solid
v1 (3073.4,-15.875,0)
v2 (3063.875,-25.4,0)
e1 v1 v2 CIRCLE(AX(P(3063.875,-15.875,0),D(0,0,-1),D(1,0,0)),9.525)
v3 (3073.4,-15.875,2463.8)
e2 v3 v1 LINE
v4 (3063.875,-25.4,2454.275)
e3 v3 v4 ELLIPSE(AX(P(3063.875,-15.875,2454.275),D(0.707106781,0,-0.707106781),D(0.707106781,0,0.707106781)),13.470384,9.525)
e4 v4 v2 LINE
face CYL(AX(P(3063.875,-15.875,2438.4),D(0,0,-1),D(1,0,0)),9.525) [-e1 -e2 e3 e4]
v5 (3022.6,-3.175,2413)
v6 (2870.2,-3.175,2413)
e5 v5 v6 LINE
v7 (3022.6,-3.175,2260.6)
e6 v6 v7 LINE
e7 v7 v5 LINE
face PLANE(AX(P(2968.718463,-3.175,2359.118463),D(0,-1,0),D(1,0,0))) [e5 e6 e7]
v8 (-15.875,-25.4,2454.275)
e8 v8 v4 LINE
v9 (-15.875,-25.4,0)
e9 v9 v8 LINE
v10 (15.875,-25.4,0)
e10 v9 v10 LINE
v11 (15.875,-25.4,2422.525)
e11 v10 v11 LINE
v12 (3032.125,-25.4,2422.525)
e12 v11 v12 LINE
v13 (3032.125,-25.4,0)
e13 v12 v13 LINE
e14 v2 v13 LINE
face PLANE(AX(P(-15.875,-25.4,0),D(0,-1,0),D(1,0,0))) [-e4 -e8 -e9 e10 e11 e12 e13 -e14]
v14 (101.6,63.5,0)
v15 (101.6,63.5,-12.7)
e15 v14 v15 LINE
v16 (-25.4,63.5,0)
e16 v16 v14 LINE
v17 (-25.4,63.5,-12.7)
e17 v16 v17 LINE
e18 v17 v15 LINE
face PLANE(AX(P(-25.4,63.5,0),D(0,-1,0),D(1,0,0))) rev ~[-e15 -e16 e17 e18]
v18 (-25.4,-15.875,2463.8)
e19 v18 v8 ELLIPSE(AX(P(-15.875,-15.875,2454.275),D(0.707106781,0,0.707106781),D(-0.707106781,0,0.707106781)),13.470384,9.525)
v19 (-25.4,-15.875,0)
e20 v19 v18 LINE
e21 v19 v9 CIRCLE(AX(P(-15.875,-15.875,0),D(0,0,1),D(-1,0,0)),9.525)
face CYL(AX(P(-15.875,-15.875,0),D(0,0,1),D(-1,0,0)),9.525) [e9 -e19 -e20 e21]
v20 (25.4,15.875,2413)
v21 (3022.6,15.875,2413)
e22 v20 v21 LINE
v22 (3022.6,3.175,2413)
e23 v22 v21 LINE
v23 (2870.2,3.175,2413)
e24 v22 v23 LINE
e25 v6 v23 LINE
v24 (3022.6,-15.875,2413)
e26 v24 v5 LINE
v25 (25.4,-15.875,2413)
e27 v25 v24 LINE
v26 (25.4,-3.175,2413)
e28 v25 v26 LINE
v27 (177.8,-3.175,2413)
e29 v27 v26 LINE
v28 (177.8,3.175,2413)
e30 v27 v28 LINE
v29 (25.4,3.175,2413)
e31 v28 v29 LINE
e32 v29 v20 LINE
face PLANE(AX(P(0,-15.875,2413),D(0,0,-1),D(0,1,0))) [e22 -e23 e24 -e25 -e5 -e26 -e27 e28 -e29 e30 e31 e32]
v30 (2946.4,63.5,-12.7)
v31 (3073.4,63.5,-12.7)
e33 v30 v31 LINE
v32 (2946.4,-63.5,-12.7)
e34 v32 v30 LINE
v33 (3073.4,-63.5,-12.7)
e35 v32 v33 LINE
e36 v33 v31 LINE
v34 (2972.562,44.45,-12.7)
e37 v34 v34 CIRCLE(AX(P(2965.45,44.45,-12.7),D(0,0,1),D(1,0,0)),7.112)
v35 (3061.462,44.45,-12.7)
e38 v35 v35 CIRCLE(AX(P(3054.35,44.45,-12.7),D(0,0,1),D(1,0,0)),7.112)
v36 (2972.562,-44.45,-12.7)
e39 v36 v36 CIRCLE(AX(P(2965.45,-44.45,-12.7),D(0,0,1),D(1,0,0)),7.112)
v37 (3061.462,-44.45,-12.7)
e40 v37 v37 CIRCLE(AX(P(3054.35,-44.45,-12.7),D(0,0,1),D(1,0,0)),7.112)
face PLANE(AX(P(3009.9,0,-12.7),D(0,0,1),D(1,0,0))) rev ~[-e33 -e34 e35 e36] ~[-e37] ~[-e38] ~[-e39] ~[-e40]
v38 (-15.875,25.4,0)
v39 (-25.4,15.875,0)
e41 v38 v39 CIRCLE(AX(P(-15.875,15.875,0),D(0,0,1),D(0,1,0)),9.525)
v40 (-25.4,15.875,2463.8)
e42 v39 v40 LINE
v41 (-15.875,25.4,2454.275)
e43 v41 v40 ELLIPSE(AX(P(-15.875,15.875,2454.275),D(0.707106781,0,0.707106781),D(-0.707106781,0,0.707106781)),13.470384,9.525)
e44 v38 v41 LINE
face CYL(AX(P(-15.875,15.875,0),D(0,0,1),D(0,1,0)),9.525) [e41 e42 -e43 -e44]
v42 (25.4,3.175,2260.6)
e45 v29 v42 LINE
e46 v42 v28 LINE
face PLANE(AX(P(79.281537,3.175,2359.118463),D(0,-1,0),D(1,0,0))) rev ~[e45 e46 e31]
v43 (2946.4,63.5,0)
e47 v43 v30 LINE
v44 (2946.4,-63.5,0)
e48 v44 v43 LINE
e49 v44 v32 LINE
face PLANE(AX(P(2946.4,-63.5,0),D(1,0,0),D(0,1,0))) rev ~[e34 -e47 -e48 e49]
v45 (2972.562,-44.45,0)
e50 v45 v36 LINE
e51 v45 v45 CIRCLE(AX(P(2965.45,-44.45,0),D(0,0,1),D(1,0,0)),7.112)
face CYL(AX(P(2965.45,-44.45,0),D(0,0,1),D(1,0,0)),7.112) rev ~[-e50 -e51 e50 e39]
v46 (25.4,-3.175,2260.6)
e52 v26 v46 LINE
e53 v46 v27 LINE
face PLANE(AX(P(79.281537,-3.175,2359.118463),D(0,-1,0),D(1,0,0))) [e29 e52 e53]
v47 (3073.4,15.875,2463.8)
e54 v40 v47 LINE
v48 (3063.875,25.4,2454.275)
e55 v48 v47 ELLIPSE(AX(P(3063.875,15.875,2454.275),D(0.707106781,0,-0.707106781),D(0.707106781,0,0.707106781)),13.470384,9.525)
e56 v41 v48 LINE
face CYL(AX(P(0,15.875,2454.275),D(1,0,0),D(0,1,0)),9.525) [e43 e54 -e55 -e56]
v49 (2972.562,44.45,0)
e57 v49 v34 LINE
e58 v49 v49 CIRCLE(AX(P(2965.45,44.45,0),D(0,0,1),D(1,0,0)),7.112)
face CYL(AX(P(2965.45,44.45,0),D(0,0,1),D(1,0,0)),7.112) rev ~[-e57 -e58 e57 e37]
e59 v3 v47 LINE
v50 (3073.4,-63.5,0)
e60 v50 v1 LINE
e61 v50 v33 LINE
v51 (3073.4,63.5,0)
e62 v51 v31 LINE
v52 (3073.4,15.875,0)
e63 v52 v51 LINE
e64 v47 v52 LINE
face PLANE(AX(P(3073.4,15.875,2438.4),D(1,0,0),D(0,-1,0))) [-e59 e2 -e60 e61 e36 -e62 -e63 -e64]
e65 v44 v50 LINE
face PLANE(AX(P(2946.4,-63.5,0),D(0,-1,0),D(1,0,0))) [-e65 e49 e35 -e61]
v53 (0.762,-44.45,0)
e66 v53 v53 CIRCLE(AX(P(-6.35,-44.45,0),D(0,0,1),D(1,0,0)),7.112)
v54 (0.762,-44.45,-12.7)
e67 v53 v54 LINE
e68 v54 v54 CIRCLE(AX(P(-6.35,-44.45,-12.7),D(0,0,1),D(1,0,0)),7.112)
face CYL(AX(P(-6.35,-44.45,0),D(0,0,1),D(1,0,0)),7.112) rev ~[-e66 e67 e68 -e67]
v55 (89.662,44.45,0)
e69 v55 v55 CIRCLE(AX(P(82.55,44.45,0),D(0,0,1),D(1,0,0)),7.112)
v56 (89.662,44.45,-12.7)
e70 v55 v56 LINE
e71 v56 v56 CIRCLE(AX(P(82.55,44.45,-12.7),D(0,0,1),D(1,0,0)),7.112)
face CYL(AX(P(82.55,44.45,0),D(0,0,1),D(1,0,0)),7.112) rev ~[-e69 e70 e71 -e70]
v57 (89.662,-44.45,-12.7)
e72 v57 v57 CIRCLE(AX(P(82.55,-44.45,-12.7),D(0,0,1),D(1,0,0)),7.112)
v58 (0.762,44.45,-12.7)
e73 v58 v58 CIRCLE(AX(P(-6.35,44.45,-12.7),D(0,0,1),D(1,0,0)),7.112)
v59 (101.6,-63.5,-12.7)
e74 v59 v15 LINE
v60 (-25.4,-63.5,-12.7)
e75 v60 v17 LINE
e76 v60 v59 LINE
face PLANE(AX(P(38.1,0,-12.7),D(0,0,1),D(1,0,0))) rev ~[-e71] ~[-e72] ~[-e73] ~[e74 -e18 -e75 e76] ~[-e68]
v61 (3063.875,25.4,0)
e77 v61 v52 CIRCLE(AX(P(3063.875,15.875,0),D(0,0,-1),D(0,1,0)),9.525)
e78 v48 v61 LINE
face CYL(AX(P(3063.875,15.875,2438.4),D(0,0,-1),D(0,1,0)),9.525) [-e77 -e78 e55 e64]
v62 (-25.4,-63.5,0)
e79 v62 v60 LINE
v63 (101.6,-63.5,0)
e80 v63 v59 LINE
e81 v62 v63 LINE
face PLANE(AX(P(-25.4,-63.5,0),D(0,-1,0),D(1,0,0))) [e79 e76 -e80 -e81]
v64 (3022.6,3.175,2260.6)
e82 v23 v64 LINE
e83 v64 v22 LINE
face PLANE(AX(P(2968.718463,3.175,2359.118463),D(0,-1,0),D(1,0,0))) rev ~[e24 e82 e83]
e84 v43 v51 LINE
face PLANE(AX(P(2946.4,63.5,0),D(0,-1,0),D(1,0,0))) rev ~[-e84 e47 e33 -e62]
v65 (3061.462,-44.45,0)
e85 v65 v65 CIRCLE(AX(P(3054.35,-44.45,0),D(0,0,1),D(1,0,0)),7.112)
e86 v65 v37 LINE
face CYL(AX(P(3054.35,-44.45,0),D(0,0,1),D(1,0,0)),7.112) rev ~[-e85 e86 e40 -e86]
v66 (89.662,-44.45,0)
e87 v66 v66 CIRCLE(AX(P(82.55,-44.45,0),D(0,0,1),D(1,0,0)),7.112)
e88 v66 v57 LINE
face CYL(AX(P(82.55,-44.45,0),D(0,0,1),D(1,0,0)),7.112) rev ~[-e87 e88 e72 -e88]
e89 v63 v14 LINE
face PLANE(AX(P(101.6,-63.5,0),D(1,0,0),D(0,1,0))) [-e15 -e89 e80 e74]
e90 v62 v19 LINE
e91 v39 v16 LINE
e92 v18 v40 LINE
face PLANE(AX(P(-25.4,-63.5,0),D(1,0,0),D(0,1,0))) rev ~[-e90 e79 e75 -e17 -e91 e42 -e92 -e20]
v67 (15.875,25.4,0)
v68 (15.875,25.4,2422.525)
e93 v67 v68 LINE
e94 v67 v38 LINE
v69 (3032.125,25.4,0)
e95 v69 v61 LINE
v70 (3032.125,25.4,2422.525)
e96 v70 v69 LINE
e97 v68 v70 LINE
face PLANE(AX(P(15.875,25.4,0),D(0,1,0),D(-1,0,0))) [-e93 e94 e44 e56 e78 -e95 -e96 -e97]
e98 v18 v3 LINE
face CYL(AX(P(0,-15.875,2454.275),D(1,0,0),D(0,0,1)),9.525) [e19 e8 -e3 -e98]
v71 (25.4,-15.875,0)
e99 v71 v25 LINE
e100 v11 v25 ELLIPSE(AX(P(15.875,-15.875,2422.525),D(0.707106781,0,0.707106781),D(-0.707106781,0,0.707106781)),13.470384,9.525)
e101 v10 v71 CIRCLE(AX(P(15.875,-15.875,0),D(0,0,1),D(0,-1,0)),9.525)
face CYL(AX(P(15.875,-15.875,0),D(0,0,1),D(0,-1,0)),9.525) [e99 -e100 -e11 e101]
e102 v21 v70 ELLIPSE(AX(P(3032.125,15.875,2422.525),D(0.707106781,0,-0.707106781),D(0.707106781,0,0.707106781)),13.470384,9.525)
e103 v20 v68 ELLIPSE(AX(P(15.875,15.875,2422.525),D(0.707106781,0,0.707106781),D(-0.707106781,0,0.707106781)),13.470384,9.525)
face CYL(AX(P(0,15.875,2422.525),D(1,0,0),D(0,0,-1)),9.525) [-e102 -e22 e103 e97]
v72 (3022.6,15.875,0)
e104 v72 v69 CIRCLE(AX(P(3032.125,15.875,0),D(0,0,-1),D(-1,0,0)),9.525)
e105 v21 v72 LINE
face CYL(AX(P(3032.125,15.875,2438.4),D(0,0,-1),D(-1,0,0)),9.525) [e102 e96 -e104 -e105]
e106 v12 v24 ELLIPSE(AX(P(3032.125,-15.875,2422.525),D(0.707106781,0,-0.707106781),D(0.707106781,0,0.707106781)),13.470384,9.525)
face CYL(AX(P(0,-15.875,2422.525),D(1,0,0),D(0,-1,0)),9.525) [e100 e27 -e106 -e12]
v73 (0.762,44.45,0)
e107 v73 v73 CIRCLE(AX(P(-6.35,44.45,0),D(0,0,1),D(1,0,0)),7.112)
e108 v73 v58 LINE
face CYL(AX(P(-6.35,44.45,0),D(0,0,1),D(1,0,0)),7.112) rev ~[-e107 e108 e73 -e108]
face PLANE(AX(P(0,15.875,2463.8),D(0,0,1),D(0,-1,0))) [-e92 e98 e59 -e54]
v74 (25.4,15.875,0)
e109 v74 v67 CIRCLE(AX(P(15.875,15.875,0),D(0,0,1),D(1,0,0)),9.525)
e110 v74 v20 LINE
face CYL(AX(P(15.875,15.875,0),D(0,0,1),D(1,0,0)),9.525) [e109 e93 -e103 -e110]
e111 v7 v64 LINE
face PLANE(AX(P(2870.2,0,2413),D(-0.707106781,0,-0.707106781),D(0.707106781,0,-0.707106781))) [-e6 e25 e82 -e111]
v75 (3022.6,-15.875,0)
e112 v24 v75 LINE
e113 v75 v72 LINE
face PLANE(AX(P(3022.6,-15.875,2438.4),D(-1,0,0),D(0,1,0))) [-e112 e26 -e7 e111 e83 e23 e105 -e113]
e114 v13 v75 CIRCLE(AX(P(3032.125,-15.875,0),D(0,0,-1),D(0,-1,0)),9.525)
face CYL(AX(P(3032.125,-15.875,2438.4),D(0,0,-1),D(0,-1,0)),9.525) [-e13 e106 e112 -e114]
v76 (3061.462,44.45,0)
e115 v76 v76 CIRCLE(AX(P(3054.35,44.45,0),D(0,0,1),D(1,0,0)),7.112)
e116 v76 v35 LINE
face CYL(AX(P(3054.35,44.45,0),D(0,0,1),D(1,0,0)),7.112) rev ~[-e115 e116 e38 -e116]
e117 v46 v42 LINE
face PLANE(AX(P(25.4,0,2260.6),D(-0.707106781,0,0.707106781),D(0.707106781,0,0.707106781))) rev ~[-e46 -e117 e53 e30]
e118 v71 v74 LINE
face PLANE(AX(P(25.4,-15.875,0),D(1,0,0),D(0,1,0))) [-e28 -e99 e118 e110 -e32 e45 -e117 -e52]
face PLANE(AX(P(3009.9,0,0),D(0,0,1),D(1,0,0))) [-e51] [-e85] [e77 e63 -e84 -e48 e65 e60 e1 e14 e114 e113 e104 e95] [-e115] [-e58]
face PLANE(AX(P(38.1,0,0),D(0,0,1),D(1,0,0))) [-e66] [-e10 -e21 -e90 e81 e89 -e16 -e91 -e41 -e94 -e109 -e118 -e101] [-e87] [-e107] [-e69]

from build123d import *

# Parameters (mm, degrees)
F3_W     = 127
F3_H     = 127
F3_R     = 7.112
F4_DEPTH = 12.7
F6_DEPTH = 3.175


with BuildPart() as f2:
    # F2: sweep along a path in F0
    with BuildLine(Plane.XZ) as f2_path:
        Line((0, 0), (0, 2438.4))
        Line((0, 2438.4), (3048, 2438.4))
        Line((3048, 2438.4), (3048, 0))
    # F1 (on Top) → F2 (sweep)
    with BuildSketch(Plane.XY):
        with BuildLine():
            Line((15.875, 25.4), (-15.875, 25.4))
            ThreePointArc((-15.875, 25.4), (-22.6101920908, 22.6101920908), (-25.4, 15.875))
            Line((-25.4, 15.875), (-25.4, -15.875))
            ThreePointArc((-25.4, -15.875), (-22.6101920908, -22.6101920908), (-15.875, -25.4))
            Line((-15.875, -25.4), (15.875, -25.4))
            ThreePointArc((15.875, -25.4), (22.6101920908, -22.6101920908), (25.4, -15.875))
            Line((25.4, -15.875), (25.4, 15.875))
            ThreePointArc((25.4, 15.875), (22.6101920908, 22.6101920908), (15.875, 25.4))
        make_face()
    sweep(path=f2_path.line, transition=Transition.RIGHT)

    # F3 (on Top) → F4 (join)
    with BuildSketch(Plane.XY):
        with Locations((38.1, 0)):
            Rectangle(F3_W, F3_H)
        with Locations((-6.35, -44.45)):
            Circle(F3_R, mode=Mode.SUBTRACT)
        with Locations((82.55, -44.45)):
            Circle(F3_R, mode=Mode.SUBTRACT)
        with Locations((-6.35, 44.45)):
            Circle(F3_R, mode=Mode.SUBTRACT)
        with Locations((82.55, 44.45)):
            Circle(F3_R, mode=Mode.SUBTRACT)
        with Locations((3009.9, 0)):
            Rectangle(F3_W, F3_H)
        with Locations((2965.45, -44.45)):
            Circle(F3_R, mode=Mode.SUBTRACT)
        with Locations((3054.35, -44.45)):
            Circle(F3_R, mode=Mode.SUBTRACT)
        with Locations((2965.45, 44.45)):
            Circle(F3_R, mode=Mode.SUBTRACT)
        with Locations((3054.35, 44.45)):
            Circle(F3_R, mode=Mode.SUBTRACT)
    extrude(amount=-F4_DEPTH)

    # F5 (on Front) → F6 (join, symmetric)
    with BuildSketch(Plane.XZ):
        Polygon((177.8, 2413), (25.4, 2413), (25.4, 2260.6), align=None)
        Polygon((3022.6, 2260.6), (3022.6, 2413), (2870.2, 2413), align=None)
    extrude(amount=F6_DEPTH, both=True)


solid = f2.part
